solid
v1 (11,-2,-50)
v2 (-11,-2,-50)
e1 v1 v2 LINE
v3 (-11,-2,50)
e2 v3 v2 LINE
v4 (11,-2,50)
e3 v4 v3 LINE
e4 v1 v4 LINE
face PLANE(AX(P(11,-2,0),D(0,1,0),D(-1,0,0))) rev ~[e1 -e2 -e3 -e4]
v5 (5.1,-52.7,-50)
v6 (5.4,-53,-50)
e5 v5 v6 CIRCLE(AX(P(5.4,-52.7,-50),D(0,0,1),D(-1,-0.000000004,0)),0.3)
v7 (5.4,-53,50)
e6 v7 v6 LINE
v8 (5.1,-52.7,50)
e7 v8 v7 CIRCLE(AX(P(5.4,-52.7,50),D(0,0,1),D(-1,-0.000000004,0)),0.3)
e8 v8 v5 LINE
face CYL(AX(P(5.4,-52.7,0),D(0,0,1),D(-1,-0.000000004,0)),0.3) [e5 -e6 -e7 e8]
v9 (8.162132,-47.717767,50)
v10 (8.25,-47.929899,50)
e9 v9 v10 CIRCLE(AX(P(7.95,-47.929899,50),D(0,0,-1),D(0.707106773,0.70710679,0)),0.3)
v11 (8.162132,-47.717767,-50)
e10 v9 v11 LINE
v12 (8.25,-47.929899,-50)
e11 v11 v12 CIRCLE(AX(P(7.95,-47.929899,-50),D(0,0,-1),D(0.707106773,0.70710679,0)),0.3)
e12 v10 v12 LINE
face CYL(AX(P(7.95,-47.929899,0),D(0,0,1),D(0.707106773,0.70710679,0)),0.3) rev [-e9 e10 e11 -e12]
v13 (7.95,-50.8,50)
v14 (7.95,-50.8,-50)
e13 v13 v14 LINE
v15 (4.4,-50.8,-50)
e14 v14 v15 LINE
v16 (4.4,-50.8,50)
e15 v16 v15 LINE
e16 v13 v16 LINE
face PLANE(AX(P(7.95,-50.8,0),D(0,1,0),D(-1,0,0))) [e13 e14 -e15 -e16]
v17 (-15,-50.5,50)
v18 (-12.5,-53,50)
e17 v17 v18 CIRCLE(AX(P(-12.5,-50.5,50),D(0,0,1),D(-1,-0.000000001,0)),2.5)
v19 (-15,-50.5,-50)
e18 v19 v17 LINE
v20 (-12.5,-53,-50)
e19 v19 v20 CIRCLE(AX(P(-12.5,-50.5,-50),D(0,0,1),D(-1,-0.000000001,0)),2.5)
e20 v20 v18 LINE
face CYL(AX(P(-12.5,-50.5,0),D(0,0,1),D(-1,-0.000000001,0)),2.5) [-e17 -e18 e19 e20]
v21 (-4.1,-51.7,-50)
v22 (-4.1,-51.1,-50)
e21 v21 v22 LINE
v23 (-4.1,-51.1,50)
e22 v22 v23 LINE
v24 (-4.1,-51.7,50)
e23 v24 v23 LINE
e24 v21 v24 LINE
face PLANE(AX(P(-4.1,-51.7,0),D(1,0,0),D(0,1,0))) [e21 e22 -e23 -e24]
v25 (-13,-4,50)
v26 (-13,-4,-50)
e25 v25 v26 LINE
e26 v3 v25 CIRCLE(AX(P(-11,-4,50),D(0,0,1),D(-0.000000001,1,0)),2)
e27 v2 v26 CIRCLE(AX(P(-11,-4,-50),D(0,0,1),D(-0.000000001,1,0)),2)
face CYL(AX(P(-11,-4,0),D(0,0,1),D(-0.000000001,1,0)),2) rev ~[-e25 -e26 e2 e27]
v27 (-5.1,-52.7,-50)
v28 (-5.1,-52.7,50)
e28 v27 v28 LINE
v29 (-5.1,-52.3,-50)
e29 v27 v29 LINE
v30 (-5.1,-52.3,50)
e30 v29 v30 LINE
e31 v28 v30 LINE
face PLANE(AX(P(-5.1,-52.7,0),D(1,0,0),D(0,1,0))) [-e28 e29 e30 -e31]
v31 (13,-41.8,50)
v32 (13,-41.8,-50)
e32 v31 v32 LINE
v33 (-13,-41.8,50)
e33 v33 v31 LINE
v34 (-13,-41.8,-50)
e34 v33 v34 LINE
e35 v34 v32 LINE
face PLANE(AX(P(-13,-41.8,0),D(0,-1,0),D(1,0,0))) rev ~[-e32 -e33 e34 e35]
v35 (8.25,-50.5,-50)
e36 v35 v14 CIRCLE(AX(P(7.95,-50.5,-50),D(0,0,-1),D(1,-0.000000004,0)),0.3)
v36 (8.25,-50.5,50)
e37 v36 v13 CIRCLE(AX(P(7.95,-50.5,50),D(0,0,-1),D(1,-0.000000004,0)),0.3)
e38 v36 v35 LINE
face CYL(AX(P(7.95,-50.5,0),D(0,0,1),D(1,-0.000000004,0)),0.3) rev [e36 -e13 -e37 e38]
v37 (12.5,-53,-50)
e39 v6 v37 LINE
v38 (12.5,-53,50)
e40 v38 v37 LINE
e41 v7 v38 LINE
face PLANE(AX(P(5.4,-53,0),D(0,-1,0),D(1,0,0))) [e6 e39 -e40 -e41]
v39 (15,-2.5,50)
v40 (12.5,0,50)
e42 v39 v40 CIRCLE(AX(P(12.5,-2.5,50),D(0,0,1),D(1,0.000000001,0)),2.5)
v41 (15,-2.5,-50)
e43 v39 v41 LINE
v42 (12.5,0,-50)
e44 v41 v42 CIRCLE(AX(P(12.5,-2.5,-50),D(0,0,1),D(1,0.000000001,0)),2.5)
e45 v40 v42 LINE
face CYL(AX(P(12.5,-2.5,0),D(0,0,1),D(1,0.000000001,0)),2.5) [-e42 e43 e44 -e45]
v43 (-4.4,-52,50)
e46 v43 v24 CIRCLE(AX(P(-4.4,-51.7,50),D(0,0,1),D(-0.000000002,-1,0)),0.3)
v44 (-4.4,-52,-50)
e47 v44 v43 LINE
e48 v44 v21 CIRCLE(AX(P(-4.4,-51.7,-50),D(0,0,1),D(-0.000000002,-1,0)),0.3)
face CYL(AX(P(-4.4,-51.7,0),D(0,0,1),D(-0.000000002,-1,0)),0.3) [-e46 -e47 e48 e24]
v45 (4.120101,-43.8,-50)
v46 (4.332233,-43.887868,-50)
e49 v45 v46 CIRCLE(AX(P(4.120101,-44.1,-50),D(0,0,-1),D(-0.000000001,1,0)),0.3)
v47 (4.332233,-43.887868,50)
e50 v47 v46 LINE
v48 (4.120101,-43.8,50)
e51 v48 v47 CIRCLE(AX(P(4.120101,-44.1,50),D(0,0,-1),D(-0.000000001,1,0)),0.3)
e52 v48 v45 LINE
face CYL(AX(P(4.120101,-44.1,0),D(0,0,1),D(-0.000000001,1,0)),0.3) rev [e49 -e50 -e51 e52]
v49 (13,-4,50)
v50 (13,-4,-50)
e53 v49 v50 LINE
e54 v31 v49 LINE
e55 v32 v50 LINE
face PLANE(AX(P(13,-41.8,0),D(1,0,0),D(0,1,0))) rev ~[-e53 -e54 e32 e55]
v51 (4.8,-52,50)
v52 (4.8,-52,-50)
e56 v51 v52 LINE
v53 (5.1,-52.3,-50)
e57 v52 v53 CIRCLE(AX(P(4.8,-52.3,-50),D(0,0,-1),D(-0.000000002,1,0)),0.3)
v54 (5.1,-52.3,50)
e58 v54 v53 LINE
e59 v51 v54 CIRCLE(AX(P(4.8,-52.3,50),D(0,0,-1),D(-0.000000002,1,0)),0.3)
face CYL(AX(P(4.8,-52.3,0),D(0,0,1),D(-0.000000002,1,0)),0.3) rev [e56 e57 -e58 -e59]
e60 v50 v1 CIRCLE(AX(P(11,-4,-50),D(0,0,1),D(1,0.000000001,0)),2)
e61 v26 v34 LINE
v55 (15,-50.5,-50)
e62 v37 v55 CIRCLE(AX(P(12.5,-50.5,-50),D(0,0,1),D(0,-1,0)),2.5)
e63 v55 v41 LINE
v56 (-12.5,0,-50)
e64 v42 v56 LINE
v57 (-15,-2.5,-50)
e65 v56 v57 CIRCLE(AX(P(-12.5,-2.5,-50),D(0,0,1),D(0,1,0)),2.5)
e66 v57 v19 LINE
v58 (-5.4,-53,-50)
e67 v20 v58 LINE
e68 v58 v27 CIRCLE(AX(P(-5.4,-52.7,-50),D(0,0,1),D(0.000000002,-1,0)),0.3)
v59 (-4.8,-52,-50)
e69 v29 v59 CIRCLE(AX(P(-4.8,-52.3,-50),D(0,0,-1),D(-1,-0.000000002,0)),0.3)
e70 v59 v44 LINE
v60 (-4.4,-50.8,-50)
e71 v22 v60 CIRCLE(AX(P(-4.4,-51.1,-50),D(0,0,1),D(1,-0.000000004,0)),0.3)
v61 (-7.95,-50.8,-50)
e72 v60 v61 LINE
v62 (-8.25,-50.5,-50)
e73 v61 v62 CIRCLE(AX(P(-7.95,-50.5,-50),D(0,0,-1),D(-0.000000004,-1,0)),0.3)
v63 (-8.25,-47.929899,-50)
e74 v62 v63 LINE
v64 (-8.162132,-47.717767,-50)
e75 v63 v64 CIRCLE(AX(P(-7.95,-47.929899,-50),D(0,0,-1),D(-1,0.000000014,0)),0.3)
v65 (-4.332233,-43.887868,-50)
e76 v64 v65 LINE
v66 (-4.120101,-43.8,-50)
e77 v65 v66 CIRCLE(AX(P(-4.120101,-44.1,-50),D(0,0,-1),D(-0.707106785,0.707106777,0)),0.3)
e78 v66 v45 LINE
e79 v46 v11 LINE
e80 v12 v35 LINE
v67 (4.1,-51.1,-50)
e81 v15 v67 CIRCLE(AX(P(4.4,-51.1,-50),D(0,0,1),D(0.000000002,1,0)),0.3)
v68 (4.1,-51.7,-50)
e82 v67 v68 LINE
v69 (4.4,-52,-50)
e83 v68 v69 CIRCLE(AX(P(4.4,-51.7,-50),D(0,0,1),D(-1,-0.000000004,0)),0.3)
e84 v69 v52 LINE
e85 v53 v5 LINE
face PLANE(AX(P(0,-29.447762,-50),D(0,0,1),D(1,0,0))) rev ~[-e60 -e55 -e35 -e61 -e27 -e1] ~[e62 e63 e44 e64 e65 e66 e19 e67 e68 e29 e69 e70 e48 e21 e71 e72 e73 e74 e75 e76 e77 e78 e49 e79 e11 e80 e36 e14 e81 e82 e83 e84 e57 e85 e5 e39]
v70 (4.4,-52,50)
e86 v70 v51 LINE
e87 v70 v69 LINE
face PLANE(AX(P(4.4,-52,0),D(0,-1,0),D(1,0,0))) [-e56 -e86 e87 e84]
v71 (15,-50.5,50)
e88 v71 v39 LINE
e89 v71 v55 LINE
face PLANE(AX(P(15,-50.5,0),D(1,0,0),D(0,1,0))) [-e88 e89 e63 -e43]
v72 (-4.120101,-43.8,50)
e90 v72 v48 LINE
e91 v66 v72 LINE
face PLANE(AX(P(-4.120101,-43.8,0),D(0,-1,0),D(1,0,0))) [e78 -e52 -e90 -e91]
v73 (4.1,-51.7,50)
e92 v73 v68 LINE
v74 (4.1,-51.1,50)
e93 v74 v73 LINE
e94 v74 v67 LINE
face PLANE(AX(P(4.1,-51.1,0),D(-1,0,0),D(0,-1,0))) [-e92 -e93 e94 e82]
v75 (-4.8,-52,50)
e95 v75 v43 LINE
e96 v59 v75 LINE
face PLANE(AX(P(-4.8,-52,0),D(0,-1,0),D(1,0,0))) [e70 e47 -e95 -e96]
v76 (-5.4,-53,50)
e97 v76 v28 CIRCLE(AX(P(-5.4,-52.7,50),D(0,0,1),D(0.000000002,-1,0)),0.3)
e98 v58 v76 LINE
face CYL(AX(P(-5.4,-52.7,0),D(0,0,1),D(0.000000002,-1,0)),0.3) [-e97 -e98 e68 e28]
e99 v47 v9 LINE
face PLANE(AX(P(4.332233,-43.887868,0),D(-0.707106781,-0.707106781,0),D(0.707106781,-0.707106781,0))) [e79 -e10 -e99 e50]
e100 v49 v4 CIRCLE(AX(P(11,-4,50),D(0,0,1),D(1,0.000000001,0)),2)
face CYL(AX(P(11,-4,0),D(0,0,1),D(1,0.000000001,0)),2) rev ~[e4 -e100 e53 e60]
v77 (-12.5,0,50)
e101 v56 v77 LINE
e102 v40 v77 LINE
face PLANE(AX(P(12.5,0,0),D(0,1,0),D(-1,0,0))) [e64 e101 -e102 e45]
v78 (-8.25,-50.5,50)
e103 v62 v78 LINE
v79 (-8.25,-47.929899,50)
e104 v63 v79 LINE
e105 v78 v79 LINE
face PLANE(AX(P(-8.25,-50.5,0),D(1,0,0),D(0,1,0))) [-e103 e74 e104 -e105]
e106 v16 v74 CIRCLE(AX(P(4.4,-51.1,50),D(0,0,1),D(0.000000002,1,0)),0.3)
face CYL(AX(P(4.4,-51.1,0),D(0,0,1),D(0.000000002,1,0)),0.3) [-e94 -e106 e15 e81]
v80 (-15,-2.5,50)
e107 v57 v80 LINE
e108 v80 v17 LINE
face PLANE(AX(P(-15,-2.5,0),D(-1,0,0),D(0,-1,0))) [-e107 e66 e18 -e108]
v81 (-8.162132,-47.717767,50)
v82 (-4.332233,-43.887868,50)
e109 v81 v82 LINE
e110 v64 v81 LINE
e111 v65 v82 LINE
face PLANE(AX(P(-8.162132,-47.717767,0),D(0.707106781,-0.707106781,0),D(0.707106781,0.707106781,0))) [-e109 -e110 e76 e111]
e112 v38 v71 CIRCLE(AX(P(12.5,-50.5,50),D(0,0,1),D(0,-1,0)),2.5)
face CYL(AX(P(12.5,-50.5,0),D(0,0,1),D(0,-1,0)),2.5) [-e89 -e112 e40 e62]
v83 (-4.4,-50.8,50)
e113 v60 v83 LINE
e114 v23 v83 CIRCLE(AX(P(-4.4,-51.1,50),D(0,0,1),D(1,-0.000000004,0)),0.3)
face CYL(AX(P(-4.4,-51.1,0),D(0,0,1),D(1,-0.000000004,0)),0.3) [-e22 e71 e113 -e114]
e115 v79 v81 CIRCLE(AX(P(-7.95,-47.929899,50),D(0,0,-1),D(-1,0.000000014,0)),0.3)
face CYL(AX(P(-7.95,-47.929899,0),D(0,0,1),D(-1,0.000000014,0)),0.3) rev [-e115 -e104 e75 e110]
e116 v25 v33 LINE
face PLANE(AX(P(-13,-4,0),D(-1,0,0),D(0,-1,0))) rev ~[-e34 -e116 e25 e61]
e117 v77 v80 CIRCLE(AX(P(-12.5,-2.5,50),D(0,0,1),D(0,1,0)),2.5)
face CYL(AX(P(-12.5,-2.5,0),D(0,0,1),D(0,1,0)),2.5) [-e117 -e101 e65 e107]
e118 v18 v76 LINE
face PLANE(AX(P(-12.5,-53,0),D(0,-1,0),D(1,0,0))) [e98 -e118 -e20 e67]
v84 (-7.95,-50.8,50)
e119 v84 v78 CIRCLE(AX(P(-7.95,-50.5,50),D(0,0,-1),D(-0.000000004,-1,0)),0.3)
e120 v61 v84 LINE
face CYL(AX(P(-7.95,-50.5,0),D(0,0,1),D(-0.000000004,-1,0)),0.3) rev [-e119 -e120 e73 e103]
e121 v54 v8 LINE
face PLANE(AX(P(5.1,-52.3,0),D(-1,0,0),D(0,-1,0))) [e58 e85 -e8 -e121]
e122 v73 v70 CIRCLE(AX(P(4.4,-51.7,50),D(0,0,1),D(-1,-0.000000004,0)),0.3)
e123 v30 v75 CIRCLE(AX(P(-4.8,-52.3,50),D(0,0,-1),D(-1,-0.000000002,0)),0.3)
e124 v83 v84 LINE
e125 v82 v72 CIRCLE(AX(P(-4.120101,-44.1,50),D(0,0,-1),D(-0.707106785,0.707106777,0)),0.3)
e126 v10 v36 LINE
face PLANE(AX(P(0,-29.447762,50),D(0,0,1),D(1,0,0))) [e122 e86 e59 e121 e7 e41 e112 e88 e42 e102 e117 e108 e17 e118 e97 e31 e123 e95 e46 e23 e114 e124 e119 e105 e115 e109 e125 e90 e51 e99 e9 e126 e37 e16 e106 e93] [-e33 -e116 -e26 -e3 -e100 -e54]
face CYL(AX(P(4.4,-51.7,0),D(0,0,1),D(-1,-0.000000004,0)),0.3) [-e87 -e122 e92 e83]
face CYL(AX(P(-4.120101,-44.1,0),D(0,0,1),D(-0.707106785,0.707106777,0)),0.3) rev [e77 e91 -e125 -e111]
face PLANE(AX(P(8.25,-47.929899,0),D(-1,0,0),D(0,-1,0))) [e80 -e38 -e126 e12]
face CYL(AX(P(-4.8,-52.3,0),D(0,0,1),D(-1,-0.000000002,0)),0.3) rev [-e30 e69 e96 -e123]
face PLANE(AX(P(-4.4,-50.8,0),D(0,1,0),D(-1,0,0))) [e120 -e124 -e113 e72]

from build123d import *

# Parameters (mm, degrees)
EXTRUDE_1_DEPTH = 50


with BuildPart() as part:
    # 草图1 → 凸台-拉伸1 (new, symmetric)
    with BuildSketch(Plane.XY):
        with BuildLine():
            Line((12.49999999, 0), (-12.49999999, 0))
            ThreePointArc((-12.49999999, 0), (-14.267766942, -0.732233047), (-14.999999989, -2.499999998))
            Line((-14.999999989, -2.499999998), (-14.999999989, -50.500000002))
            ThreePointArc((-14.999999989, -50.500000002), (-14.267766942, -52.267766953), (-12.49999999, -53))
            Line((-12.49999999, -53), (-5.399999995, -53))
            ThreePointArc((-5.399999995, -53), (-5.187867961, -52.912132034), (-5.099999996, -52.7))
            Line((-5.099999996, -52.7), (-5.099999996, -52.300000001))
            ThreePointArc((-5.099999996, -52.300000001), (-5.01213203, -52.087867966), (-4.799999996, -52.000000001))
            Line((-4.799999996, -52.000000001), (-4.399999997, -52.000000001))
            ThreePointArc((-4.399999997, -52.000000001), (-4.187867962, -51.912132035), (-4.099999997, -51.700000001))
            Line((-4.099999997, -51.700000001), (-4.099999997, -51.100000001))
            ThreePointArc((-4.099999997, -51.100000001), (-4.187867962, -50.887867967), (-4.399999997, -50.800000002))
            Line((-4.399999997, -50.800000002), (-7.949999994, -50.800000002))
            ThreePointArc((-7.949999994, -50.800000002), (-8.162132028, -50.712132036), (-8.249999994, -50.500000002))
            Line((-8.249999994, -50.500000002), (-8.249999994, -47.929898991))
            ThreePointArc((-8.249999994, -47.929898991), (-8.227163853, -47.815093962), (-8.162132028, -47.717766957))
            Line((-8.162132028, -47.717766957), (-4.332233044, -43.887867973))
            ThreePointArc((-4.332233044, -43.887867973), (-4.234906039, -43.822836147), (-4.12010101, -43.800000007))
            Line((-4.12010101, -43.800000007), (4.12010101, -43.800000007))
            ThreePointArc((4.12010101, -43.800000007), (4.234906039, -43.822836147), (4.332233044, -43.887867973))
            Line((4.332233044, -43.887867973), (8.162132028, -47.717766957))
            ThreePointArc((8.162132028, -47.717766957), (8.227163854, -47.815093961), (8.249999994, -47.929898991))
            Line((8.249999994, -47.929898991), (8.249999994, -50.500000002))
            ThreePointArc((8.249999994, -50.500000002), (8.162132028, -50.712132036), (7.949999994, -50.800000002))
            Line((7.949999994, -50.800000002), (4.399999997, -50.800000002))
            ThreePointArc((4.399999997, -50.800000002), (4.187867963, -50.887867967), (4.099999997, -51.100000001))
            Line((4.099999997, -51.100000001), (4.099999997, -51.700000001))
            ThreePointArc((4.099999997, -51.700000001), (4.187867963, -51.912132035), (4.399999997, -52.000000001))
            Line((4.399999997, -52.000000001), (4.799999996, -52.000000001))
            ThreePointArc((4.799999996, -52.000000001), (5.01213203, -52.087867966), (5.099999996, -52.300000001))
            Line((5.099999996, -52.300000001), (5.099999996, -52.7))
            ThreePointArc((5.099999996, -52.7), (5.187867962, -52.912132034), (5.399999996, -53))
            Line((5.399999996, -53), (12.49999999, -53))
            ThreePointArc((12.49999999, -53), (14.267766942, -52.267766953), (14.999999989, -50.500000002))
            Line((14.999999989, -50.500000002), (14.999999989, -2.499999998))
            ThreePointArc((14.999999989, -2.499999998), (14.267766942, -0.732233047), (12.49999999, 0))
        make_face()
        with BuildLine():
            Line((10.999999989, -2), (-10.999999989, -2))
            ThreePointArc((-10.999999989, -2), (-12.414213551, -2.585786438), (-12.999999989, -4))
            Line((-12.999999989, -4), (-12.999999989, -41.800000007))
            Line((-12.999999989, -41.800000007), (12.999999989, -41.800000007))
            Line((12.999999989, -41.800000007), (12.999999989, -4))
            ThreePointArc((12.999999989, -4), (12.414213551, -2.585786438), (10.999999989, -2))
        make_face(mode=Mode.SUBTRACT)
    extrude(amount=EXTRUDE_1_DEPTH, both=True)


solid = part.part
